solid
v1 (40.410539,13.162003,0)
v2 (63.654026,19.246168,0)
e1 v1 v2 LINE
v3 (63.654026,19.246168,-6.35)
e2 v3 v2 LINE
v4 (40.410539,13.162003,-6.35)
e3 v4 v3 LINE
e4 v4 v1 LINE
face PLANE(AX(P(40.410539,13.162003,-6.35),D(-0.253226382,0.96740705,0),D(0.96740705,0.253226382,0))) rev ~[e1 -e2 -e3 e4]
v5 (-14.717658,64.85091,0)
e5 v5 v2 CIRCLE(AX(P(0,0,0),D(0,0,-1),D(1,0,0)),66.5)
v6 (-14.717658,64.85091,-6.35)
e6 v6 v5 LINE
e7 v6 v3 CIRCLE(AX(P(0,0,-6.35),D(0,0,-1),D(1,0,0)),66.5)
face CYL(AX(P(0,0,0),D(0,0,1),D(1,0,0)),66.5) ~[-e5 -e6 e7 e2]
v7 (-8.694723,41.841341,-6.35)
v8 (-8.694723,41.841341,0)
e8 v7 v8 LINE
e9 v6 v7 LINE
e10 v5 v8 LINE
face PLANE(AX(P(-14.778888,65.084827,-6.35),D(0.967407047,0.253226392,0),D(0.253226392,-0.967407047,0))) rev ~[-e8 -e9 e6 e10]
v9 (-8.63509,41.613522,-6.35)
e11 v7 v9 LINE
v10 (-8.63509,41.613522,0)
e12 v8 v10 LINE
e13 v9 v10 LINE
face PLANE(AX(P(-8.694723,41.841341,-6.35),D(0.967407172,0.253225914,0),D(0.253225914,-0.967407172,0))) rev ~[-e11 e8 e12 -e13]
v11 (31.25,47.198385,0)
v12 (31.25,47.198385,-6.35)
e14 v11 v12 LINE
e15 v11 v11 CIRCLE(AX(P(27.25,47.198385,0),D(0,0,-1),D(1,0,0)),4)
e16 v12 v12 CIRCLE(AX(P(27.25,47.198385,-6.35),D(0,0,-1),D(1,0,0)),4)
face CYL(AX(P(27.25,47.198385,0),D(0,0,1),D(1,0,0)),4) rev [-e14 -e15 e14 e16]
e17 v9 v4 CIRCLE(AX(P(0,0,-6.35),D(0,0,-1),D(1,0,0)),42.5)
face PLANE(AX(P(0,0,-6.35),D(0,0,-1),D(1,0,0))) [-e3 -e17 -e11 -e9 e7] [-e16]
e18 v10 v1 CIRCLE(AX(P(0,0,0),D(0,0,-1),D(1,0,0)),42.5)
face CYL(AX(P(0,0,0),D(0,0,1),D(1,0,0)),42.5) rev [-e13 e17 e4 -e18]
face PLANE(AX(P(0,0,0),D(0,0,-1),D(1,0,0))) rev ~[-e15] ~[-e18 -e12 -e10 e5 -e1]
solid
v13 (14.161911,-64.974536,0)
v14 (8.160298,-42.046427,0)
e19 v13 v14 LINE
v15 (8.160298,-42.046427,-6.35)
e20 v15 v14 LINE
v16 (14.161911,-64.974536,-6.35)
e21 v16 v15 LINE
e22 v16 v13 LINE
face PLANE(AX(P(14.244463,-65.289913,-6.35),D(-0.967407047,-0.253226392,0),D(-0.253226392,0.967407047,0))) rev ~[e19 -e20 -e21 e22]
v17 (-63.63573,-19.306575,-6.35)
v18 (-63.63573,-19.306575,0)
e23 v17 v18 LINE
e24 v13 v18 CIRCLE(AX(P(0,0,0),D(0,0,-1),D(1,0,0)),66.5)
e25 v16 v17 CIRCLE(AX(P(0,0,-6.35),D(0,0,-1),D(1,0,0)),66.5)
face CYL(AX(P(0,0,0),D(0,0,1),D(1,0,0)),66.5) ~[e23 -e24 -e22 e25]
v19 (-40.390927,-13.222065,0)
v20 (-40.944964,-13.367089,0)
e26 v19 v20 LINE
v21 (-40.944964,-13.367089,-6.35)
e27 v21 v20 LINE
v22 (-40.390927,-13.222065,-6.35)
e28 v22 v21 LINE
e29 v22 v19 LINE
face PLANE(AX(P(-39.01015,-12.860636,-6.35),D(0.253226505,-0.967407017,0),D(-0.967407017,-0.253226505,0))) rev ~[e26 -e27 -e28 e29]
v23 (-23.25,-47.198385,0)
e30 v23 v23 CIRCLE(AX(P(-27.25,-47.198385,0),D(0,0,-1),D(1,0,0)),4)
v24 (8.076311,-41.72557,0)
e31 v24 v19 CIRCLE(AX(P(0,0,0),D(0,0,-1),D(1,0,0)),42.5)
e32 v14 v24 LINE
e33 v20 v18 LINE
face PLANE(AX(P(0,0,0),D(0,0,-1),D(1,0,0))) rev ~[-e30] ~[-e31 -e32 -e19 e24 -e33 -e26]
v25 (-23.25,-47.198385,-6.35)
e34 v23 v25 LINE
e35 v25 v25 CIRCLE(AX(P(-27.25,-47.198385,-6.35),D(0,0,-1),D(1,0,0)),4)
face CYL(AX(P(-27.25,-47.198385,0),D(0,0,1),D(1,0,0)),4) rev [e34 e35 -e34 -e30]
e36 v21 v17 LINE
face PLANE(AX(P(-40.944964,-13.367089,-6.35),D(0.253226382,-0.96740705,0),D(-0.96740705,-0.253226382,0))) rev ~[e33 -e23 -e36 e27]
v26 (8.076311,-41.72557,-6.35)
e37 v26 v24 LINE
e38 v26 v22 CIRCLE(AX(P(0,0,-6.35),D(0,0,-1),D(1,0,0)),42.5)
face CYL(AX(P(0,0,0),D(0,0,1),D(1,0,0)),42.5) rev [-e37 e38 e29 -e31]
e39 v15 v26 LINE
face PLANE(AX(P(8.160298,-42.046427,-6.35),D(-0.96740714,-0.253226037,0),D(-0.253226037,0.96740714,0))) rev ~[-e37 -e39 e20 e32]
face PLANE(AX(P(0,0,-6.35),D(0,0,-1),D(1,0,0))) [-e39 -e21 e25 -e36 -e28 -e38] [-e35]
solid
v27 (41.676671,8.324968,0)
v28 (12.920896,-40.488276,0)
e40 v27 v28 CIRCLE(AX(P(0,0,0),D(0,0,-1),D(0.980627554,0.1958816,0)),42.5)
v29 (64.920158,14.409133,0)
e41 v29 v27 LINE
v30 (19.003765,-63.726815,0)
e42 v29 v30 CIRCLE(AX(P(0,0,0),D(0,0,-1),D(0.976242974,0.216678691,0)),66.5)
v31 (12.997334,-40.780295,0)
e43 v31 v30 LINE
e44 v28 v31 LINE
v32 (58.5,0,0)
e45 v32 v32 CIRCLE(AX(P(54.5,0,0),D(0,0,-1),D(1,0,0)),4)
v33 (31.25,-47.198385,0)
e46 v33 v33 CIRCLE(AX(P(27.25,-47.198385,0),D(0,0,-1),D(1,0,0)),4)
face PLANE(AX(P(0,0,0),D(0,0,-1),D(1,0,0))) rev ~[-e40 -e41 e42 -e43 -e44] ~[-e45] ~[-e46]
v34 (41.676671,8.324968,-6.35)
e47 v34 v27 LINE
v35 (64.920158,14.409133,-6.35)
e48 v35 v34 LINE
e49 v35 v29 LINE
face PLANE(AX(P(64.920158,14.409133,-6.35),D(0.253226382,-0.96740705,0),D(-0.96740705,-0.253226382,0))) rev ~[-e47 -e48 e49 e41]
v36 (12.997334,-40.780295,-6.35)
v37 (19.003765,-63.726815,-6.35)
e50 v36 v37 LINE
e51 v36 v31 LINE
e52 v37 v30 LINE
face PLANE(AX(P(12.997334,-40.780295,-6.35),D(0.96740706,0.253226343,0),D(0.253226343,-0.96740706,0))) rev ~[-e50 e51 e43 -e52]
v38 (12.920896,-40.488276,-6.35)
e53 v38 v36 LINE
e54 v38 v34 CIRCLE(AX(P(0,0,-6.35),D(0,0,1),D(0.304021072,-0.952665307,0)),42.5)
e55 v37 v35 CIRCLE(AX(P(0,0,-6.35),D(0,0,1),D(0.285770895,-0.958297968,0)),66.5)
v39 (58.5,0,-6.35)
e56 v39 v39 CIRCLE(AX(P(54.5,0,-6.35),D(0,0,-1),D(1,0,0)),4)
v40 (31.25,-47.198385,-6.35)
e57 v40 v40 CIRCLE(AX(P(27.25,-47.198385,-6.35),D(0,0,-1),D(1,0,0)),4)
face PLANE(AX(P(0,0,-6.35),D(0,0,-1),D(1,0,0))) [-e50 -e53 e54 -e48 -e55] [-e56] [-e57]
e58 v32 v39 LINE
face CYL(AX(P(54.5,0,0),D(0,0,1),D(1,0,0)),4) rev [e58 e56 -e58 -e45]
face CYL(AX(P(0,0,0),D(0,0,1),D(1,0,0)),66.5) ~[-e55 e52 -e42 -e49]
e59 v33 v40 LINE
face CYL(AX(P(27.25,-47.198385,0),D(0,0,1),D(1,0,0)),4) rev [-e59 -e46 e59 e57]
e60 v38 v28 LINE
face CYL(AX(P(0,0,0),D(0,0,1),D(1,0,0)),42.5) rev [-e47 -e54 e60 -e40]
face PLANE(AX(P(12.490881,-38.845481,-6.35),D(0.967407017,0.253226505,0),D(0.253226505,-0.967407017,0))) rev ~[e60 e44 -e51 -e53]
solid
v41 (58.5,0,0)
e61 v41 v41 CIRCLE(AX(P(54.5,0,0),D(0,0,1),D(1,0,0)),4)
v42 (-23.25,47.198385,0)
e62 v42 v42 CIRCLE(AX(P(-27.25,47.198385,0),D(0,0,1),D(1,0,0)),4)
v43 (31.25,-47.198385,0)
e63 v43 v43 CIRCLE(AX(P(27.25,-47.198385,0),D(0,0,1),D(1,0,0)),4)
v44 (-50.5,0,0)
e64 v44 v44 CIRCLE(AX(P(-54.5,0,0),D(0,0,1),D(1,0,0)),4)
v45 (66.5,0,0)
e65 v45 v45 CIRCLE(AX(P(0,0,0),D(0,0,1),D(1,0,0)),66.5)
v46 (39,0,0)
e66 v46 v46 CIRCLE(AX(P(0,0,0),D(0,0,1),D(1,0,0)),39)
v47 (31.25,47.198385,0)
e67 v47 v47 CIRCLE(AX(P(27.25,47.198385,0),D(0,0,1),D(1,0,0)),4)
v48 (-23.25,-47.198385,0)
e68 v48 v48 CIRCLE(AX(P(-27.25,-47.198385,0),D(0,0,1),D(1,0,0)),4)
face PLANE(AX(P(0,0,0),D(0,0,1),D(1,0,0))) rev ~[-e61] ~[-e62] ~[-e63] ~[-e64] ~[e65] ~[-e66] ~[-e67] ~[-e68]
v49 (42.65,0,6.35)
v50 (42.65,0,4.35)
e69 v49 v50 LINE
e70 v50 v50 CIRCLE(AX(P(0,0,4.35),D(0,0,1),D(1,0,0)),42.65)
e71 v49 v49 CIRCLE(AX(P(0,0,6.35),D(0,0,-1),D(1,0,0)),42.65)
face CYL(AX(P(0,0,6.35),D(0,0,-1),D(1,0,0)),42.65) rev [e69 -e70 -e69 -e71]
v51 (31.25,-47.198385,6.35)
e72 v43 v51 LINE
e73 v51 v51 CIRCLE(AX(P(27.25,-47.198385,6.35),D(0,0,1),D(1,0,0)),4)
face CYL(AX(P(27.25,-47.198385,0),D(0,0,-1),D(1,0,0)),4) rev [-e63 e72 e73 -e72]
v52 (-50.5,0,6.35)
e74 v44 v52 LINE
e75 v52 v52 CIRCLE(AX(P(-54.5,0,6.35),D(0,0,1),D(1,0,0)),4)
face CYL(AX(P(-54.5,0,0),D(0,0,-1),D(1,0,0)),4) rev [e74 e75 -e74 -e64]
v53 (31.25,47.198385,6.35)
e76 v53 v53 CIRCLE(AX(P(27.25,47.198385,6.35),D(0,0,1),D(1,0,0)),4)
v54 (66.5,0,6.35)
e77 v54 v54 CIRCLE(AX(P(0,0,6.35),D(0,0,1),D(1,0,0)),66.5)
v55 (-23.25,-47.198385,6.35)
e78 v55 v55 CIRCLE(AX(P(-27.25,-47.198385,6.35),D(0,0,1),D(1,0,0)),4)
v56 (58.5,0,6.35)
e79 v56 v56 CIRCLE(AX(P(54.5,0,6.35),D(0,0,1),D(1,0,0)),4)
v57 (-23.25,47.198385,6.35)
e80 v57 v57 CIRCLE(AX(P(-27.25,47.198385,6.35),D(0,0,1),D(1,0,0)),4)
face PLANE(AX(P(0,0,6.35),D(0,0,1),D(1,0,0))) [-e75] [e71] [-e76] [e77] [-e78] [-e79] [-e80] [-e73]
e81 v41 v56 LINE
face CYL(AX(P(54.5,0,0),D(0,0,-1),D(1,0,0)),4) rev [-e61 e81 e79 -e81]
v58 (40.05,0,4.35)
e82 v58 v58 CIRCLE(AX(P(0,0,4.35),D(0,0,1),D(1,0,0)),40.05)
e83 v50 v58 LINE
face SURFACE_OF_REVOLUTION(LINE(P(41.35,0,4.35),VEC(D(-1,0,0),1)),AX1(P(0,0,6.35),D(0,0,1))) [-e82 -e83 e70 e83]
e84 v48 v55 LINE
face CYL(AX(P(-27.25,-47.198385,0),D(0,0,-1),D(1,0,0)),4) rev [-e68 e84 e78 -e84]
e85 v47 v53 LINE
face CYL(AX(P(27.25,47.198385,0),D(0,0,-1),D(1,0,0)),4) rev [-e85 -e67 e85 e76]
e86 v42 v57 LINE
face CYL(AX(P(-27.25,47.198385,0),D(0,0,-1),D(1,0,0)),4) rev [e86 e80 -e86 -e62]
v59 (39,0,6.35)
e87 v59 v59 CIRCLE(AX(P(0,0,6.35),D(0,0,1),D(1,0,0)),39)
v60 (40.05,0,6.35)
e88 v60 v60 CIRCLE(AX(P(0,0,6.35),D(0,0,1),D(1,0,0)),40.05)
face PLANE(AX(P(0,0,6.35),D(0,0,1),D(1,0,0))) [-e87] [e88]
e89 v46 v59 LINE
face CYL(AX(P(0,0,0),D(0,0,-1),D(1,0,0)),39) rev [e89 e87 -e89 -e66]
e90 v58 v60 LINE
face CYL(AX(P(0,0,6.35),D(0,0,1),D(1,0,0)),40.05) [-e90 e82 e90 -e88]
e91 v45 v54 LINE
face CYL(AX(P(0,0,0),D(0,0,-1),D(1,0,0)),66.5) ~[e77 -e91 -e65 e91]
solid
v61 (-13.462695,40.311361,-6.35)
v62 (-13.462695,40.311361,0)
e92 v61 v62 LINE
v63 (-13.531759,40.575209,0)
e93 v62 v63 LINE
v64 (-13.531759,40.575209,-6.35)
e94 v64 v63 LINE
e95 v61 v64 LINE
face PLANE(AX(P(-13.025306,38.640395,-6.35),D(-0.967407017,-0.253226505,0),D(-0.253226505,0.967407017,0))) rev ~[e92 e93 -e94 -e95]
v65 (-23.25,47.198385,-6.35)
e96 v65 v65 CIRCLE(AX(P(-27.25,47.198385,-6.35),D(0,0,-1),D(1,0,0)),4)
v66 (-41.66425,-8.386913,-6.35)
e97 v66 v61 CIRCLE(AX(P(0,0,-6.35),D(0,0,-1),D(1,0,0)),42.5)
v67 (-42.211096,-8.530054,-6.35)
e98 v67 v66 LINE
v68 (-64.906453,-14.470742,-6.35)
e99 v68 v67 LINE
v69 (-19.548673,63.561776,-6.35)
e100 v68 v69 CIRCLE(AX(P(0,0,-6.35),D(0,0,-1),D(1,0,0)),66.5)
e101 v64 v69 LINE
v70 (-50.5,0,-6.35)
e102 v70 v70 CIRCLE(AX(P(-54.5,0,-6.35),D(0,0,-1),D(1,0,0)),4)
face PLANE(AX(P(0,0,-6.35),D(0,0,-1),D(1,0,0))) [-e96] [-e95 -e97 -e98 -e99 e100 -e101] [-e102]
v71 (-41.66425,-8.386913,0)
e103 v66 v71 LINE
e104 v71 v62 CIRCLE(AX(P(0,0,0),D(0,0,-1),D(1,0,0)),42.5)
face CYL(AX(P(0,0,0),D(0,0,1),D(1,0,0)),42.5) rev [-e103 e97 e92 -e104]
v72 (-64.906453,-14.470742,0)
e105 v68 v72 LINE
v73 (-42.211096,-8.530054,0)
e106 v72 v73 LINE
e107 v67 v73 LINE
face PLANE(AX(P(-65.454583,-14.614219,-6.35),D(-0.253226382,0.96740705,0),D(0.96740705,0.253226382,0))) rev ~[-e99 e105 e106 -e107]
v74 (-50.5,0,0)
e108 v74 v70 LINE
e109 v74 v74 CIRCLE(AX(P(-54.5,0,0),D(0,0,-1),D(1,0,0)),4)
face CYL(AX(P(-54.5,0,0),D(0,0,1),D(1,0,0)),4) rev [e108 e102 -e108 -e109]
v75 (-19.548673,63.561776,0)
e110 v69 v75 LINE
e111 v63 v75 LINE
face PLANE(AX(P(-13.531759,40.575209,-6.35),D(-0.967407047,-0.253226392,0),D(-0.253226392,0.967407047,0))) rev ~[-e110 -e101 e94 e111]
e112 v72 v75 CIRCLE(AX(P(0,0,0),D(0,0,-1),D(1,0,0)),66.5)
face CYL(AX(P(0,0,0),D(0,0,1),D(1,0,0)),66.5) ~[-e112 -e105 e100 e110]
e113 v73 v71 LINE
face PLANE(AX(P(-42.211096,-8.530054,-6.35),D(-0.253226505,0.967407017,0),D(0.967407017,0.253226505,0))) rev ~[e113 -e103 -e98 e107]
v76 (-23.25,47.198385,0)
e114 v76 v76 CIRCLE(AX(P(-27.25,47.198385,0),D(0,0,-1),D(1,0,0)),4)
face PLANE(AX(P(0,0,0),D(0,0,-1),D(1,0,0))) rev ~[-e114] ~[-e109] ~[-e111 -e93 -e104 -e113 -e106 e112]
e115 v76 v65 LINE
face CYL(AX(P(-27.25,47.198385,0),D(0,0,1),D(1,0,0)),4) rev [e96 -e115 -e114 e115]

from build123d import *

# Parameters (mm, degrees)
F0_R     = 66.5
F0_R_2   = 4
F0_R_3   = 39
F1_DEPTH = 6.35
F3_W     = 2.6
F3_H     = 4
F6_R     = 66.5
F6_R_2   = 4
F6_R_3   = 42.5
F7_DEPTH = 6.35
F9_DEPTH = 6.35


with BuildPart() as f1:
    # F0 (on Top) → F1 (new body)
    with BuildSketch(Plane.XY):
        Circle(F0_R)
        with Locations((-27.25, -47.198385)):
            Circle(F0_R_2, mode=Mode.SUBTRACT)
        with Locations((27.25, -47.198385)):
            Circle(F0_R_2, mode=Mode.SUBTRACT)
        with Locations((-54.5, 0)):
            Circle(F0_R_2, mode=Mode.SUBTRACT)
        with Locations((-27.25, 47.198385)):
            Circle(F0_R_2, mode=Mode.SUBTRACT)
        Circle(F0_R_3, mode=Mode.SUBTRACT)
        with Locations((54.5, 0)):
            Circle(F0_R_2, mode=Mode.SUBTRACT)
        with Locations((27.25, 47.198385)):
            Circle(F0_R_2, mode=Mode.SUBTRACT)
    extrude(amount=F1_DEPTH)


with BuildPart() as f4:
    # F4: sweep along a path in F2
    with BuildLine(Plane.XY.offset(6.35)) as f4_path:
        CenterArc((0, 0), 41.35, 0, 360)
    # F3 (on Front) → F4 (sweep)
    with BuildSketch(Plane.XZ):
        with Locations((-41.35, 6.35)):
            Rectangle(F3_W, F3_H)
    sweep(path=f4_path.line)


with BuildPart() as f1_1:
    add(f1.part)

    # F5: cut F4
    add(f4.part, mode=Mode.SUBTRACT)


with BuildPart() as f7:
    # F6 (on face) → F7 (new body)
    with BuildSketch(Plane(origin=(0, 0, 0), x_dir=(1, 0, 0), z_dir=(0, 0, -1))):
        Circle(F6_R)
        with Locations((-27.25, -47.198385)):
            Circle(F6_R_2, mode=Mode.SUBTRACT)
        with Locations((27.25, -47.198385)):
            Circle(F6_R_2, mode=Mode.SUBTRACT)
        with Locations((-54.5, 0)):
            Circle(F6_R_2, mode=Mode.SUBTRACT)
        with Locations((-27.25, 47.198385)):
            Circle(F6_R_2, mode=Mode.SUBTRACT)
        Circle(F6_R_3, mode=Mode.SUBTRACT)
        with Locations((54.5, 0)):
            Circle(F6_R_2, mode=Mode.SUBTRACT)
        with Locations((27.25, 47.198385)):
            Circle(F6_R_2, mode=Mode.SUBTRACT)
    extrude(amount=F7_DEPTH)

    # F8 (on face) → F9 (cut, through all)
    with BuildSketch(Plane(origin=(0, 0, -6.35), x_dir=(1, 0, 0), z_dir=(0, 0, -1))):
        Polygon((66.854972, -14.915586), (64.920158, -14.409133), (41.676671, -8.324968), (39.741857, -7.818515), (38.475725, -12.65555), (40.410539, -13.162003), (63.654026, -19.246168), (65.58884, -19.752621), align=None)
        Polygon((7.653846, 40.111613), (12.490881, 38.845481), (12.997334, 40.780295), (19.081498, 64.023782), (19.587951, 65.958596), (14.750916, 67.224728), (14.244463, 65.289913), (8.160298, 42.046427), align=None)
        Polygon((-40.276282, 8.023601), (-39.01015, 12.860636), (-40.944964, 13.367089), (-64.188451, 19.451254), (-66.123265, 19.957707), (-67.389397, 15.120672), (-65.454583, 14.614219), (-42.211096, 8.530054), align=None)
        Polygon((-8.188271, -39.906526), (-13.025306, -38.640395), (-13.531759, -40.575209), (-19.615924, -63.818695), (-20.122376, -65.75351), (-15.285341, -67.019641), (-14.778888, -65.084827), (-8.694723, -41.841341), align=None)
    extrude(amount=-F9_DEPTH, mode=Mode.SUBTRACT)


solid = Compound([f1_1.part, f7.part])
